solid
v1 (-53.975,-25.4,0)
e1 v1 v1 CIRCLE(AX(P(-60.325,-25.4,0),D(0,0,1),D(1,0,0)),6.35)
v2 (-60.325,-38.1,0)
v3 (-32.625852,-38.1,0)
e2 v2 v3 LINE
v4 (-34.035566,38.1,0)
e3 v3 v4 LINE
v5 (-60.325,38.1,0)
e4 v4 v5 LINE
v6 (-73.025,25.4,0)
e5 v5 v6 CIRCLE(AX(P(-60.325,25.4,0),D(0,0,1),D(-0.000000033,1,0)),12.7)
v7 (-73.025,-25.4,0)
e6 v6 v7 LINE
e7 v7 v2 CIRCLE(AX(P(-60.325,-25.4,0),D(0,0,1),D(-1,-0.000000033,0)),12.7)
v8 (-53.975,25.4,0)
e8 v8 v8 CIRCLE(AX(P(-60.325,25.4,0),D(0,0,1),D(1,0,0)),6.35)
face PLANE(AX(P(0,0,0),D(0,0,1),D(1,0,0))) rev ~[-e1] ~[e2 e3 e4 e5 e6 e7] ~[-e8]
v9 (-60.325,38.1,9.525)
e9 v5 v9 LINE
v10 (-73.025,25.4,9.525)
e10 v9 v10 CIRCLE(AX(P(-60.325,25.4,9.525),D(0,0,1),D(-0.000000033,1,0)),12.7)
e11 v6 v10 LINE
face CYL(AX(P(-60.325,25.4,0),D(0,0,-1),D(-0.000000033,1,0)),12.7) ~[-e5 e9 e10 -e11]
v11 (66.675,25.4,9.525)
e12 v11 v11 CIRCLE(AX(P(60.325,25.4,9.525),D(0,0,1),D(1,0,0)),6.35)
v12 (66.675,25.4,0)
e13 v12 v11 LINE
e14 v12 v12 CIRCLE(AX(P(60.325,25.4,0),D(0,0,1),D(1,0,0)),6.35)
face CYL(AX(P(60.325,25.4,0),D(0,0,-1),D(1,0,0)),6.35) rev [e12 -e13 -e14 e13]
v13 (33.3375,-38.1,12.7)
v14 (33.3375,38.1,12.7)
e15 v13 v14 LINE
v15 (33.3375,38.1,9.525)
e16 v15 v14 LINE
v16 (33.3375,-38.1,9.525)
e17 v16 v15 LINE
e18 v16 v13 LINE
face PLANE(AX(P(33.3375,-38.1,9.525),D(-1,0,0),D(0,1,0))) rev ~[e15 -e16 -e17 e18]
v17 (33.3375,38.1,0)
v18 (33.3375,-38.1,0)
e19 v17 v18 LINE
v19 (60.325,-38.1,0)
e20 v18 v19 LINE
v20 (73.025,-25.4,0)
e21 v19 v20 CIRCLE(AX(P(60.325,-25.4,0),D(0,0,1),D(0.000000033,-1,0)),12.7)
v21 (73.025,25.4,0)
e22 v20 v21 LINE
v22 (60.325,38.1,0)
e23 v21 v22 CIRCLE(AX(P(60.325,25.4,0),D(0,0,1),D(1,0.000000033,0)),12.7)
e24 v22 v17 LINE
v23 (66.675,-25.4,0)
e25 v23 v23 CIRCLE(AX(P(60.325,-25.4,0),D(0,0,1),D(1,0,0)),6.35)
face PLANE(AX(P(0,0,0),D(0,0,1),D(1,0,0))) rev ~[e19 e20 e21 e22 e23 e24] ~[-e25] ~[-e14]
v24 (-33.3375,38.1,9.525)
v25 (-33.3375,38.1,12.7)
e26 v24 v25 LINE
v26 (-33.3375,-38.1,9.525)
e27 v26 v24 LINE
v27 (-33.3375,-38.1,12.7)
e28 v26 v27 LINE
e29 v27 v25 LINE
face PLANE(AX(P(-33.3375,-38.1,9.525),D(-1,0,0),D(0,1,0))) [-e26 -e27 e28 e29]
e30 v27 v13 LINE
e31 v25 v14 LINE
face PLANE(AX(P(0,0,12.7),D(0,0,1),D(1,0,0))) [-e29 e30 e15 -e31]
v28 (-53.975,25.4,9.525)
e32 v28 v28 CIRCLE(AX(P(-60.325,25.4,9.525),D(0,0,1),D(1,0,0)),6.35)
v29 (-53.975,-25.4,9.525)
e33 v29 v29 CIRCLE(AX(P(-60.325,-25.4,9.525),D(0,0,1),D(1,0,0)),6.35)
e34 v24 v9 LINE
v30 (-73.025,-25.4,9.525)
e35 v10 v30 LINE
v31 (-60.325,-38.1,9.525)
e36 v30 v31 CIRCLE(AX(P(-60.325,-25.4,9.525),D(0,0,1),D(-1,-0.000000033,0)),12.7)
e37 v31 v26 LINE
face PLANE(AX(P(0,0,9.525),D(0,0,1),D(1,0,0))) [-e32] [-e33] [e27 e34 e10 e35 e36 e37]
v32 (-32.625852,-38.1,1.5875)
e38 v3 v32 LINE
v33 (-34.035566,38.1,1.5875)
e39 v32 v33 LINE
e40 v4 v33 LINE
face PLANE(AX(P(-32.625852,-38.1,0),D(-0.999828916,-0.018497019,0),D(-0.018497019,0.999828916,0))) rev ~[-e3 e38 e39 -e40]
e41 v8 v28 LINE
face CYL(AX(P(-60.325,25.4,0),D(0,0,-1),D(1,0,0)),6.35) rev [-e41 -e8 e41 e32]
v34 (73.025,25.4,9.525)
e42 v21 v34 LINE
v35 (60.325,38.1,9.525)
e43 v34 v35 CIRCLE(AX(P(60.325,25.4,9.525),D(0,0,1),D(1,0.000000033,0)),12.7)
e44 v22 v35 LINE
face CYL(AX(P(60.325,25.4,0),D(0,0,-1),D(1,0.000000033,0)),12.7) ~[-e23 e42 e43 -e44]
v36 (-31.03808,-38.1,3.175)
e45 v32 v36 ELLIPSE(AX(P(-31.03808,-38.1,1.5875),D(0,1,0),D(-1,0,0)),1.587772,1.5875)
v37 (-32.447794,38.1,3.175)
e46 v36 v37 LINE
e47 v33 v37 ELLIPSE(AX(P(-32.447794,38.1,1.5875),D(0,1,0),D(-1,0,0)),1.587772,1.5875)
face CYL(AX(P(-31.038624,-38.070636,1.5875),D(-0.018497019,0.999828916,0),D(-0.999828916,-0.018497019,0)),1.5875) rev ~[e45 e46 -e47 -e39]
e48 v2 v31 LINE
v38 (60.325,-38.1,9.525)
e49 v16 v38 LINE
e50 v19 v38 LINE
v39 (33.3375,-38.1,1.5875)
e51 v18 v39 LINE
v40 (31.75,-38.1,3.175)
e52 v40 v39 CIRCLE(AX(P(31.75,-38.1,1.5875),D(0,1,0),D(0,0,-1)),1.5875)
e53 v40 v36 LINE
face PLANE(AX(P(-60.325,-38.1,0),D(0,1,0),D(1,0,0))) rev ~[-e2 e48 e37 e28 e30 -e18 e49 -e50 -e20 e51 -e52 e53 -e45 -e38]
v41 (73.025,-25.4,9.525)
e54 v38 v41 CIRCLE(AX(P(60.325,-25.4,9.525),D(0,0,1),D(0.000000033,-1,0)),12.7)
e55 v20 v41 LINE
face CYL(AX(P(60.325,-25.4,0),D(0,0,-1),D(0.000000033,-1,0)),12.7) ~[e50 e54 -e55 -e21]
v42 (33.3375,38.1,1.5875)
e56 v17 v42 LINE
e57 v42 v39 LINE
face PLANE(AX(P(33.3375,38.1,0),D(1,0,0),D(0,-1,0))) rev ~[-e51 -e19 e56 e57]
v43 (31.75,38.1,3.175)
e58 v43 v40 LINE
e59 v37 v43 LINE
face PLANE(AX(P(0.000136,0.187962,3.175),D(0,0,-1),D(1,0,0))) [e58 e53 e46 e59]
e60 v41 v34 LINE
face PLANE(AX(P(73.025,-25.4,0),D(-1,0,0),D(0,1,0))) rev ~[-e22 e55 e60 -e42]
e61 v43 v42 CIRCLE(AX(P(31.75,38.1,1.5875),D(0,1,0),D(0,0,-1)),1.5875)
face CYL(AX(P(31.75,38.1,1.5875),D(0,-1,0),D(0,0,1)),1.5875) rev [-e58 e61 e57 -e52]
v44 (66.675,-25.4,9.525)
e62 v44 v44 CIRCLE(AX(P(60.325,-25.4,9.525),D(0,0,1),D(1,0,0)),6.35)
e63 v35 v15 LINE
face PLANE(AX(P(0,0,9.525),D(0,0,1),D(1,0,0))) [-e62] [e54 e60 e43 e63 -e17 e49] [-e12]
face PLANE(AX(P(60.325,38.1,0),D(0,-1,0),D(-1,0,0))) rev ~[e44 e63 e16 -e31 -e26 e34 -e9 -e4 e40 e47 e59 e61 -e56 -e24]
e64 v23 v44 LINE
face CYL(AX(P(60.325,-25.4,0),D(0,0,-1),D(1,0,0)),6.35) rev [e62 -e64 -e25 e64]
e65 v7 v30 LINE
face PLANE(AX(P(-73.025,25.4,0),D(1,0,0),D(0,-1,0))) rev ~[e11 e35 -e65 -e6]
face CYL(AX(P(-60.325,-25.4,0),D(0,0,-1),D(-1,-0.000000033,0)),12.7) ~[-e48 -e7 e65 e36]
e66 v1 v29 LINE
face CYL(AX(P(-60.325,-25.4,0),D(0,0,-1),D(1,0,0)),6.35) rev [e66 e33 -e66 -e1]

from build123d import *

# Parameters (mm, degrees)
F0_W     = 66.675
F0_H     = 76.2
F0_R     = 6.35
F1_DEPTH = 9.525
F2_W     = 66.675
F2_H     = 76.2
F3_DEPTH = 3.175
F5_DEPTH = 3.175
F6_R     = 1.5875


with BuildPart() as f1:
    # F0 (on Top) → F1 (new body)
    with BuildSketch(Plane.XY):
        Rectangle(F0_W, F0_H)
        with BuildLine():
            Line((60.325, 38.1), (33.3375, 38.1))
            Line((33.3375, 38.1), (33.3375, -38.1))
            Line((33.3375, -38.1), (60.325, -38.1))
            ThreePointArc((60.325, -38.1), (69.305256, -34.380256), (73.025, -25.4))
            Line((73.025, -25.4), (73.025, 25.4))
            ThreePointArc((73.025, 25.4), (69.305256, 34.380256), (60.325, 38.1))
        make_face()
        with Locations((60.325, -25.4)):
            Circle(F0_R, mode=Mode.SUBTRACT)
        with Locations((60.325, 25.4)):
            Circle(F0_R, mode=Mode.SUBTRACT)
        with BuildLine():
            Line((-33.3375, 38.1), (-60.325, 38.1))
            ThreePointArc((-60.325, 38.1), (-69.305256, 34.380256), (-73.025, 25.4))
            Line((-73.025, 25.4), (-73.025, -25.4))
            ThreePointArc((-73.025, -25.4), (-69.305256, -34.380256), (-60.325, -38.1))
            Line((-60.325, -38.1), (-33.3375, -38.1))
            Line((-33.3375, -38.1), (-33.3375, 38.1))
        make_face()
        with Locations((-60.325, -25.4)):
            Circle(F0_R, mode=Mode.SUBTRACT)
        with Locations((-60.325, 25.4)):
            Circle(F0_R, mode=Mode.SUBTRACT)
    extrude(amount=F1_DEPTH)

    # F2 (on face) → F3 (join)
    with BuildSketch(Plane.XY.offset(9.525)):
        Rectangle(F2_W, F2_H)
    extrude(amount=F3_DEPTH)

    # F4 (on face) → F5 (cut)
    with BuildSketch(Plane(origin=(0, 0, 0), x_dir=(1, 0, 0), z_dir=(0, 0, -1))):
        Polygon((33.3375, -38.1), (33.3375, 38.1), (-32.625852, 38.1), (-34.035566, -38.1), align=None)
    extrude(amount=-F5_DEPTH, mode=Mode.SUBTRACT)

    # F6
    f6_edges = [f1.edges().sort_by_distance(p)[0] for p in [
        (33.3375, 0, 3.175),
        (-33.330709, 0, 3.175),
    ]]
    fillet(f6_edges, radius=F6_R)


solid = f1.part
